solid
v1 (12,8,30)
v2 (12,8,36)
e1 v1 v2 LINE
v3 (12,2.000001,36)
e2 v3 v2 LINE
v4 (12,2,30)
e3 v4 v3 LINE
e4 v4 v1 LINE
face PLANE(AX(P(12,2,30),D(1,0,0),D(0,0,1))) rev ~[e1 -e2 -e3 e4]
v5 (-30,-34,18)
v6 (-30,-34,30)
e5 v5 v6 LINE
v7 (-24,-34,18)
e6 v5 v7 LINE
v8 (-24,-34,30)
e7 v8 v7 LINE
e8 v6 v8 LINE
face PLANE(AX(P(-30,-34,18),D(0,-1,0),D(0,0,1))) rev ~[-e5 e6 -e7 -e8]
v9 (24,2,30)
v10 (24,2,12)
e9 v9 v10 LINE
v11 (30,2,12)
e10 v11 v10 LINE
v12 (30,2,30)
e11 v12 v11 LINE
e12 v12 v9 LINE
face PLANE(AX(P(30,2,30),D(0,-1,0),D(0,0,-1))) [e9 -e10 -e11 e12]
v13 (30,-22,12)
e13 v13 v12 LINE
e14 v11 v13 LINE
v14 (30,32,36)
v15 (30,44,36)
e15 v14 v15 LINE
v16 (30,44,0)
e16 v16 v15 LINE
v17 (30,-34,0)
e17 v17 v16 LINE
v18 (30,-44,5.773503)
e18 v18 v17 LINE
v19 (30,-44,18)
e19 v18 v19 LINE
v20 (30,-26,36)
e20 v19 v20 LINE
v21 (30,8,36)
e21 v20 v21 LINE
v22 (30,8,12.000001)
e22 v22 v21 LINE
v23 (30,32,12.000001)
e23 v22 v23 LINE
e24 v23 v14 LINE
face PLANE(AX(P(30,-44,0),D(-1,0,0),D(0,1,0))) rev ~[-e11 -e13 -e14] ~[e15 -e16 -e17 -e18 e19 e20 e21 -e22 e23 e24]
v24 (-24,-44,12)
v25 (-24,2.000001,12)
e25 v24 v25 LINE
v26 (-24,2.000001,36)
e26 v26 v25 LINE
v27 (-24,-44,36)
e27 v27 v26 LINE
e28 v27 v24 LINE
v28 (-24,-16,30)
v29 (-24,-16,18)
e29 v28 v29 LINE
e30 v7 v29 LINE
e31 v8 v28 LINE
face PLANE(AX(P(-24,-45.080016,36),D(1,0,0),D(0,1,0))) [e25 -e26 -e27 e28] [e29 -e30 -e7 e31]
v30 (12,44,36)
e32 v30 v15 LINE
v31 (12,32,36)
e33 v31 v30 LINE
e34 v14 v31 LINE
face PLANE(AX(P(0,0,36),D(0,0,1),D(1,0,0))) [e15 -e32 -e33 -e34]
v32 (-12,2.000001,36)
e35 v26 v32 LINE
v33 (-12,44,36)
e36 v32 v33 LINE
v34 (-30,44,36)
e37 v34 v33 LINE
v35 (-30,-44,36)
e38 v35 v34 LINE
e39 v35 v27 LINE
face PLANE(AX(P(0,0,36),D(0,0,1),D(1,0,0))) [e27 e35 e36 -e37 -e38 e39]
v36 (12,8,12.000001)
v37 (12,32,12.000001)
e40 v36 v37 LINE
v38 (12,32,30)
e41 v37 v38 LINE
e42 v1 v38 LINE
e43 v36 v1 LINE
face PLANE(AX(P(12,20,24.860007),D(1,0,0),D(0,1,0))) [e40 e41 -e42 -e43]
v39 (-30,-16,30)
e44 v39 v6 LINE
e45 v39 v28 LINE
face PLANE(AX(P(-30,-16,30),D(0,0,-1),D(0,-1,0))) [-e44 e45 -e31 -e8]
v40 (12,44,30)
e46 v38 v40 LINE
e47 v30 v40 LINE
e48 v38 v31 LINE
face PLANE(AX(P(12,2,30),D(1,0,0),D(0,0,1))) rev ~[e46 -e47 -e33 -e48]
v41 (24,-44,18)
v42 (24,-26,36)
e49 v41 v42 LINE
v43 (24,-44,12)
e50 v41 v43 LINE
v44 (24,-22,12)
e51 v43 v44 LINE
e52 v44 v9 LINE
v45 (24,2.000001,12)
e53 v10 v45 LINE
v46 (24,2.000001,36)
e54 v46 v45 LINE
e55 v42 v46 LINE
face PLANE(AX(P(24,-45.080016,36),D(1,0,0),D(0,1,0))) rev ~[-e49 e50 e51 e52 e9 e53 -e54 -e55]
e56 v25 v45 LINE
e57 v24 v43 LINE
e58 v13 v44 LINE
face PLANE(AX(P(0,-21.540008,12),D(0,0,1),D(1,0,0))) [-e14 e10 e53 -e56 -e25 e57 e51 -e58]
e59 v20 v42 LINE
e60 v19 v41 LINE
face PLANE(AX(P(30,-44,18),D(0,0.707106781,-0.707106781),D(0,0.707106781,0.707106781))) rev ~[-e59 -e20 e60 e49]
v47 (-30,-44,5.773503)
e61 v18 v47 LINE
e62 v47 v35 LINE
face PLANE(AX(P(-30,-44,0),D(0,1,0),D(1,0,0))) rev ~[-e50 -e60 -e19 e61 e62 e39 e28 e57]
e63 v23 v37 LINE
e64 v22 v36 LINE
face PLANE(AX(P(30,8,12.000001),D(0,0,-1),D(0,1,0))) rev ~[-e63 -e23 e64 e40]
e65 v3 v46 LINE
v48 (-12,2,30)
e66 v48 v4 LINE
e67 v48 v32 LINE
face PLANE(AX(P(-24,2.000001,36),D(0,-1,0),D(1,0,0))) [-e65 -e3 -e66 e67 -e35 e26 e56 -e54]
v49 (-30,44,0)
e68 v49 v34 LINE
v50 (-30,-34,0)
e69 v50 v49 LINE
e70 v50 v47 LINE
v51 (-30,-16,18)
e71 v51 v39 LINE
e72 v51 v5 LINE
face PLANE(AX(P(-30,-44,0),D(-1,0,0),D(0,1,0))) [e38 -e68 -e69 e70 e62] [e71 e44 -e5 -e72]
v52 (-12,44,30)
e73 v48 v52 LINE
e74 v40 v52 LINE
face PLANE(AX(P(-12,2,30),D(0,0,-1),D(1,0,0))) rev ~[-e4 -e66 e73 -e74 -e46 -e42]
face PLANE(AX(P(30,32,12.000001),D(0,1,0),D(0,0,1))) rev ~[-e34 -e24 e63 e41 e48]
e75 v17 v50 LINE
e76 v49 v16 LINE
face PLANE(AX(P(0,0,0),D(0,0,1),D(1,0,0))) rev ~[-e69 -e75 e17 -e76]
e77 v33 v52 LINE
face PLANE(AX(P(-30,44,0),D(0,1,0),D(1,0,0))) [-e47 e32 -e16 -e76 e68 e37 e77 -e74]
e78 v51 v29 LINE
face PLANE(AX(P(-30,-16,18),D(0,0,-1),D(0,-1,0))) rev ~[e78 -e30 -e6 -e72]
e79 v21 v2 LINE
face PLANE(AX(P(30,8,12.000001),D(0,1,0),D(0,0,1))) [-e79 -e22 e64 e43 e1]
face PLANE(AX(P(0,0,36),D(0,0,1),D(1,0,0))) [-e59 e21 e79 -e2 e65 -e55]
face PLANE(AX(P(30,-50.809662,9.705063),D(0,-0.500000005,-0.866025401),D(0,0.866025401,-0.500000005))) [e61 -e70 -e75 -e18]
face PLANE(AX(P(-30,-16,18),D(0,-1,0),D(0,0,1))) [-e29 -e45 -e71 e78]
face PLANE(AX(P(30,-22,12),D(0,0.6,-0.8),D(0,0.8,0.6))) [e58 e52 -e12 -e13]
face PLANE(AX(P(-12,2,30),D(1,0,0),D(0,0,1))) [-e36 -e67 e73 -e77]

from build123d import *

# Parameters (mm, degrees)
SKETCH_W        = 60
SKETCH_H        = 88
PAD_DEPTH       = 36
SKETCH001_W     = 48
SKETCH001_H     = 47.080017
POCKET_DEPTH    = 24
SKETCH002_W     = 24
SKETCH002_H     = 11.400024
POCKET001_DEPTH = 42.001
SKETCH003_W     = 18
SKETCH003_H     = 12
POCKET002_DEPTH = 10
POCKET003_DEPTH = 60.001
POCKET004_DEPTH = 7
POCKET005_DEPTH = 8
SKETCH007_W     = 24
SKETCH007_H     = 25.720013
POCKET006_DEPTH = 18


with BuildPart() as part:
    # Sketch → Pad (new body)
    with BuildSketch(Plane.XY):
        Rectangle(SKETCH_W, SKETCH_H)
    extrude(amount=PAD_DEPTH)

    # Sketch001 → Pocket (cut)
    with BuildSketch(Plane.XY.offset(36)):
        with Locations((0, -21.540008)):
            Rectangle(SKETCH001_W, SKETCH001_H)
    extrude(amount=-POCKET_DEPTH, mode=Mode.SUBTRACT)

    # Sketch002 → Pocket001 (cut, through all)
    with BuildSketch(Plane.XZ.offset(-2)):
        with Locations((0, 35.700012)):
            Rectangle(SKETCH002_W, SKETCH002_H)
    extrude(amount=-POCKET001_DEPTH, mode=Mode.SUBTRACT)

    # Sketch003 → Pocket002 (cut)
    with BuildSketch(Plane(origin=(-30, 0, 0), x_dir=(0, -1, 0), z_dir=(-1, 0, 0))):
        with Locations((25, 24)):
            Rectangle(SKETCH003_W, SKETCH003_H)
    extrude(amount=-POCKET002_DEPTH, mode=Mode.SUBTRACT)

    # Sketch004 → Pocket003 (cut, through all)
    with BuildSketch(Plane.YZ.offset(30)):
        Polygon((-50.809662, 9.705063), (-34, 0), (-50.809662, 0), align=None)
    extrude(amount=-POCKET003_DEPTH, mode=Mode.SUBTRACT)

    # Sketch005 → Pocket004 (cut)
    with BuildSketch(Plane.YZ.offset(30)):
        Polygon((-22, 12), (2, 30), (2, 12), align=None)
    extrude(amount=-POCKET004_DEPTH, mode=Mode.SUBTRACT)

    # Sketch006 → Pocket005 (cut)
    with BuildSketch(Plane.YZ.offset(30)):
        Polygon((-44, 36), (-44, 18), (-26, 36), align=None)
    extrude(amount=-POCKET005_DEPTH, mode=Mode.SUBTRACT)

    # Sketch007 → Pocket006 (cut)
    with BuildSketch(Plane.YZ.offset(30)):
        with Locations((20, 24.860007)):
            Rectangle(SKETCH007_W, SKETCH007_H)
    extrude(amount=-POCKET006_DEPTH, mode=Mode.SUBTRACT)


solid = part.part
